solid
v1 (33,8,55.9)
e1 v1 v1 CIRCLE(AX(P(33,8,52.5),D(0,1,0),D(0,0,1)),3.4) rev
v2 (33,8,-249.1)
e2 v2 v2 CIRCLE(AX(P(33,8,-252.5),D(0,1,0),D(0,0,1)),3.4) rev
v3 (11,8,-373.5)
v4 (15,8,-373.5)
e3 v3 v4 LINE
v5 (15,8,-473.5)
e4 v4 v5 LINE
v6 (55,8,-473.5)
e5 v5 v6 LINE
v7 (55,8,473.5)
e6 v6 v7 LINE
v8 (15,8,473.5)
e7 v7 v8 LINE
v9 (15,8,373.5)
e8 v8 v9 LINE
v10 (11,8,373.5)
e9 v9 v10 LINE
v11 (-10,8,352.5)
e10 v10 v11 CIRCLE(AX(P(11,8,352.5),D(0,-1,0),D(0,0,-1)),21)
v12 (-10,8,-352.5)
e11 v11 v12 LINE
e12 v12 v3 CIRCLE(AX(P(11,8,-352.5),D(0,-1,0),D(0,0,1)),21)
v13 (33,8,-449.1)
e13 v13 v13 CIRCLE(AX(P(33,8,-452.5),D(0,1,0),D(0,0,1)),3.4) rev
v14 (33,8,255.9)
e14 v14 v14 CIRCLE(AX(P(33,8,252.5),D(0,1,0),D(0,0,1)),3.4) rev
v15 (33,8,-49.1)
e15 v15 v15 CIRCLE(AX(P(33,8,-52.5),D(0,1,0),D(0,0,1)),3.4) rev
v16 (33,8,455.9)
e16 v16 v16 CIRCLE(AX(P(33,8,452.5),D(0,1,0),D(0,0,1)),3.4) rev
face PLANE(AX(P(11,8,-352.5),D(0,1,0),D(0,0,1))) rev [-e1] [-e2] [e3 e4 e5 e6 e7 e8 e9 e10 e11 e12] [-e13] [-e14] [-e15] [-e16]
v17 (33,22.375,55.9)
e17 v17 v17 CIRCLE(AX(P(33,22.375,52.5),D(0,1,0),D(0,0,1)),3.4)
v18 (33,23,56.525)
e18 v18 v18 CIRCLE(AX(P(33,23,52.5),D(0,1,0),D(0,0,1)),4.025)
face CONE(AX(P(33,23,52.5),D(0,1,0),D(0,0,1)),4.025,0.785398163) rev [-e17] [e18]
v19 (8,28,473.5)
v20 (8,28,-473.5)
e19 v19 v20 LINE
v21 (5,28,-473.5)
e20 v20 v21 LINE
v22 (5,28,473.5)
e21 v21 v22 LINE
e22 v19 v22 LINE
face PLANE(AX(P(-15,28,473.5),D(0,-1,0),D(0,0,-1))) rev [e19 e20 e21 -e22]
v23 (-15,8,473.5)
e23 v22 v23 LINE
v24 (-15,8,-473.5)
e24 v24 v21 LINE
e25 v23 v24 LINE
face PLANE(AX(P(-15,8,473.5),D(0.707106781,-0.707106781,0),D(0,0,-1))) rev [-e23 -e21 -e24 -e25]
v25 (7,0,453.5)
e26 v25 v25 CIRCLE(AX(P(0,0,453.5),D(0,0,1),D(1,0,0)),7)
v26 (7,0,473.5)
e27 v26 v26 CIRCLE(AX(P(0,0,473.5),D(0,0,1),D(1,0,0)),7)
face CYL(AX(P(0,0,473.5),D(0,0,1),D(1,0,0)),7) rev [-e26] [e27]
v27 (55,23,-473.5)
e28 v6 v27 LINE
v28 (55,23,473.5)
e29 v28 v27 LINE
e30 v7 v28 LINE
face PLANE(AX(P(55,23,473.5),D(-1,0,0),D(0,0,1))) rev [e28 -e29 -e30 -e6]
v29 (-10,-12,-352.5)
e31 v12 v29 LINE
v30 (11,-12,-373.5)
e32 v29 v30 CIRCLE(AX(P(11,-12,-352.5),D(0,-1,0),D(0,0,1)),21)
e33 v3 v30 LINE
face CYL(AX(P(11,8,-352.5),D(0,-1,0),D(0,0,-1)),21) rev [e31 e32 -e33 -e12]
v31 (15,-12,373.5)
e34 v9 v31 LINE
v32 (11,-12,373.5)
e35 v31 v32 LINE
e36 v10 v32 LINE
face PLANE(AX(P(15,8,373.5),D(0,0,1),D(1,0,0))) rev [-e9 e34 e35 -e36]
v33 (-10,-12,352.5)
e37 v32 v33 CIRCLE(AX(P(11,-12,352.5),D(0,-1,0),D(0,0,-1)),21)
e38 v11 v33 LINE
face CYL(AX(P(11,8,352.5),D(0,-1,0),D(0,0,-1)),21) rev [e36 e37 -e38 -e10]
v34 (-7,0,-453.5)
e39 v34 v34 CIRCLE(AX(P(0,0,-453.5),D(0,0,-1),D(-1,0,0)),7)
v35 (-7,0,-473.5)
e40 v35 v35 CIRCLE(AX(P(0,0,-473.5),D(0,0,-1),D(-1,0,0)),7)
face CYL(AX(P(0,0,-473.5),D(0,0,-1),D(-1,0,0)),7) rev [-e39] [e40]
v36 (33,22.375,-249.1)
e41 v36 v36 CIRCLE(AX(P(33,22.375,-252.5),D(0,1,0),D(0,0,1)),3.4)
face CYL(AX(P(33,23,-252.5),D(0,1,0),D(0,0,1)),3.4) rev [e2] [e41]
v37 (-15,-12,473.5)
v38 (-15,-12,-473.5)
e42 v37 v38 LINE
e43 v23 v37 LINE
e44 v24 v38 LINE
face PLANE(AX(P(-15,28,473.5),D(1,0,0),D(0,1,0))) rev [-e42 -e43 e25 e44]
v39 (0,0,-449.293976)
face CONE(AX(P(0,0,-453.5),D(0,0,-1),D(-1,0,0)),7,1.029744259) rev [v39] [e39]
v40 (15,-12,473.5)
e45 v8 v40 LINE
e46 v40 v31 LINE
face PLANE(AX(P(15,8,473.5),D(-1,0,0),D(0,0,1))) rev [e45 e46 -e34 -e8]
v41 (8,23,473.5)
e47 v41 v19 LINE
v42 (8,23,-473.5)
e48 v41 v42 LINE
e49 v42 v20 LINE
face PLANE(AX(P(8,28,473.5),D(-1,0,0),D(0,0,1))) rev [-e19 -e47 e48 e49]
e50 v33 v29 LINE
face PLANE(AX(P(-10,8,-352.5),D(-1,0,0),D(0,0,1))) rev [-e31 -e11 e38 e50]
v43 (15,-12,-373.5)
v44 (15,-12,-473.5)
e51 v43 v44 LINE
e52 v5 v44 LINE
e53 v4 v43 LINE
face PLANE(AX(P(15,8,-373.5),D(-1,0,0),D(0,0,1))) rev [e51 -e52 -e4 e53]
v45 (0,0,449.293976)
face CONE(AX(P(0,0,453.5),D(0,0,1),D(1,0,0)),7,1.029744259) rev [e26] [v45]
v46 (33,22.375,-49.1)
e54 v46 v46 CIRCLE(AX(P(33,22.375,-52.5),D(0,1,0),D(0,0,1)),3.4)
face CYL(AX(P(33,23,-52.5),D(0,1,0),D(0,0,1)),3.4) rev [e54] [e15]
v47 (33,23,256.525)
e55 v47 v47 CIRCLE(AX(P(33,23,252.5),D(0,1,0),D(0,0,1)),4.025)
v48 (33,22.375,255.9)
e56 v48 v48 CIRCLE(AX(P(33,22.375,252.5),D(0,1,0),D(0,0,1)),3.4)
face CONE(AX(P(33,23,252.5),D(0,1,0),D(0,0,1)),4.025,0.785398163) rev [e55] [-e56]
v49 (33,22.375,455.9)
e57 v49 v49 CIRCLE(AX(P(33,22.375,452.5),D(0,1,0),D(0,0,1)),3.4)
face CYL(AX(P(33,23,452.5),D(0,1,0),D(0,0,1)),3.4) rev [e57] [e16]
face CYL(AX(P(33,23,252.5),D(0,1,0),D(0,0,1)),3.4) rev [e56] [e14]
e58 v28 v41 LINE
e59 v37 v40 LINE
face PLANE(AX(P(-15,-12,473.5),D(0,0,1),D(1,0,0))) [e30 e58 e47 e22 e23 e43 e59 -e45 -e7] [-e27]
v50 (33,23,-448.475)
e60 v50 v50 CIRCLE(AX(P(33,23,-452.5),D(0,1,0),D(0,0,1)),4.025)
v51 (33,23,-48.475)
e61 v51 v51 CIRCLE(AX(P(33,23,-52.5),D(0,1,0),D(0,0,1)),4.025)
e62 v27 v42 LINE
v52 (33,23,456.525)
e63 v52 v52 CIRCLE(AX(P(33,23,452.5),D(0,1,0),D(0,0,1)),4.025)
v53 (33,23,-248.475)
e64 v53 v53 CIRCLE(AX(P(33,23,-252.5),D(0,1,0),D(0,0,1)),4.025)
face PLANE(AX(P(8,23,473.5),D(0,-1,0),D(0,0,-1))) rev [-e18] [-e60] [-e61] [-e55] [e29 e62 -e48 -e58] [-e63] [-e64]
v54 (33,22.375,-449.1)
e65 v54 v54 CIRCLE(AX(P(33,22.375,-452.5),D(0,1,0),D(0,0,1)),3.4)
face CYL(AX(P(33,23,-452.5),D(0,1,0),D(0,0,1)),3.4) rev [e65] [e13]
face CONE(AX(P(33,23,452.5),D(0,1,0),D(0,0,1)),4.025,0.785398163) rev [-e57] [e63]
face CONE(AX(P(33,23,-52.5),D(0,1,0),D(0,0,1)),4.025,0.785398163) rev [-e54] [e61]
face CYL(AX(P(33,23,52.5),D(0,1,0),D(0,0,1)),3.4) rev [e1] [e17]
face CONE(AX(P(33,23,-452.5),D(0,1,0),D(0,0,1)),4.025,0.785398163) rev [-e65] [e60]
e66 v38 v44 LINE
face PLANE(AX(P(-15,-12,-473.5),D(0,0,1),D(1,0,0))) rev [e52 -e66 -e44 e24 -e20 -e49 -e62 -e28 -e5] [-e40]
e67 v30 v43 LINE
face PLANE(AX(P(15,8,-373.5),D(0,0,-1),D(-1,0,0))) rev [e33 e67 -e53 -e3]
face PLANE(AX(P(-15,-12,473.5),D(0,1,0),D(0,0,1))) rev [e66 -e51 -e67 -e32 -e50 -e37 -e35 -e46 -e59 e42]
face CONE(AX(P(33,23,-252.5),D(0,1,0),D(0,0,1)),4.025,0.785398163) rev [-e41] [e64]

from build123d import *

# Parameters (mm, degrees)
LINEAR_AUSTRAGEN1_DEPTH              = 473.5
M8_GEWINDEBOHRUNG1_D                 = 6.8
M8_GEWINDEBOHRUNG1_CSINK_D           = 8.05
M8_GEWINDEBOHRUNG1_CSINK_ANGLE       = 90
SCHNITT_LINEAR_AUSTRAGEN2_DEPTH      = 20
FASE1_SIZE                           = 20
F_14_0_14_DURCHMESSER_BOHRUNG1_D     = 14
F_14_0_14_DURCHMESSER_BOHRUNG1_DEPTH = 20
F_14_0_14_DURCHMESSER_BOHRUNG1_TIP   = 4.206024333
F_14_0_14_DURCHMESSER_BOHRUNG2_D     = 14
F_14_0_14_DURCHMESSER_BOHRUNG2_DEPTH = 20
F_14_0_14_DURCHMESSER_BOHRUNG2_TIP   = 4.206024333


with BuildPart() as part:
    # Skizze1 → Linear austragen1 (new, symmetric)
    with BuildSketch(Plane.XY):
        Polygon((8, 28), (8, 23), (55, 23), (55, -12), (-15, -12), (-15, 28), align=None)
    extrude(amount=LINEAR_AUSTRAGEN1_DEPTH, both=True)

    # M8 Gewindebohrung1 (through all)
    with Locations(Plane(origin=(0, 23, 0), x_dir=(-1, 0, 0), z_dir=(0, 1, 0))):
        with Locations((-33, 452.5), (-33, -52.5), (-33, 252.5), (-33, -252.5), (-33, 52.5), (-33, -452.5)):
            CounterSinkHole(M8_GEWINDEBOHRUNG1_D / 2, M8_GEWINDEBOHRUNG1_CSINK_D / 2, counter_sink_angle=M8_GEWINDEBOHRUNG1_CSINK_ANGLE)

    # Skizze20 → Schnitt-Linear austragen2 (cut)
    with BuildSketch(Plane.XZ.offset(12)):
        with BuildLine():
            Line((55, 473.5), (15, 473.5))
            Line((15, 473.5), (15, 373.5))
            Line((15, 373.5), (11, 373.5))
            ThreePointArc((11, 373.5), (-3.849242405, 367.349242405), (-10, 352.5))
            Line((-10, 352.5), (-10, -352.5))
            ThreePointArc((-10, -352.5), (-3.849242405, -367.349242405), (11, -373.5))
            Line((11, -373.5), (15, -373.5))
            Line((15, -373.5), (15, -473.5))
            Line((15, -473.5), (55, -473.5))
            Line((55, -473.5), (55, 473.5))
        make_face()
    extrude(amount=-SCHNITT_LINEAR_AUSTRAGEN2_DEPTH, mode=Mode.SUBTRACT)

    # Fase1
    fase1_edges = [part.edges().sort_by_distance(p)[0] for p in [
        (-15, 28, 0),
    ]]
    chamfer(fase1_edges, length=FASE1_SIZE)

    # Ø14.0 (14) Durchmesser Bohrung1
    with Locations(Plane.XY.offset(473.5)):
        with Locations((0, 0)):
            Hole(F_14_0_14_DURCHMESSER_BOHRUNG1_D / 2, depth=F_14_0_14_DURCHMESSER_BOHRUNG1_DEPTH)
            with Locations((0, 0, -(F_14_0_14_DURCHMESSER_BOHRUNG1_DEPTH + F_14_0_14_DURCHMESSER_BOHRUNG1_TIP / 2))):  # 118° drill point
                Cone(0, F_14_0_14_DURCHMESSER_BOHRUNG1_D / 2, F_14_0_14_DURCHMESSER_BOHRUNG1_TIP, mode=Mode.SUBTRACT)

    # Ø14.0 (14) Durchmesser Bohrung2
    with Locations(Plane(origin=(0, 0, -473.5), x_dir=(-1, 0, 0), z_dir=(0, 0, -1))):
        with Locations((0, 0)):
            Hole(F_14_0_14_DURCHMESSER_BOHRUNG2_D / 2, depth=F_14_0_14_DURCHMESSER_BOHRUNG2_DEPTH)
            with Locations((0, 0, -(F_14_0_14_DURCHMESSER_BOHRUNG2_DEPTH + F_14_0_14_DURCHMESSER_BOHRUNG2_TIP / 2))):  # 118° drill point
                Cone(0, F_14_0_14_DURCHMESSER_BOHRUNG2_D / 2, F_14_0_14_DURCHMESSER_BOHRUNG2_TIP, mode=Mode.SUBTRACT)


solid = part.part
